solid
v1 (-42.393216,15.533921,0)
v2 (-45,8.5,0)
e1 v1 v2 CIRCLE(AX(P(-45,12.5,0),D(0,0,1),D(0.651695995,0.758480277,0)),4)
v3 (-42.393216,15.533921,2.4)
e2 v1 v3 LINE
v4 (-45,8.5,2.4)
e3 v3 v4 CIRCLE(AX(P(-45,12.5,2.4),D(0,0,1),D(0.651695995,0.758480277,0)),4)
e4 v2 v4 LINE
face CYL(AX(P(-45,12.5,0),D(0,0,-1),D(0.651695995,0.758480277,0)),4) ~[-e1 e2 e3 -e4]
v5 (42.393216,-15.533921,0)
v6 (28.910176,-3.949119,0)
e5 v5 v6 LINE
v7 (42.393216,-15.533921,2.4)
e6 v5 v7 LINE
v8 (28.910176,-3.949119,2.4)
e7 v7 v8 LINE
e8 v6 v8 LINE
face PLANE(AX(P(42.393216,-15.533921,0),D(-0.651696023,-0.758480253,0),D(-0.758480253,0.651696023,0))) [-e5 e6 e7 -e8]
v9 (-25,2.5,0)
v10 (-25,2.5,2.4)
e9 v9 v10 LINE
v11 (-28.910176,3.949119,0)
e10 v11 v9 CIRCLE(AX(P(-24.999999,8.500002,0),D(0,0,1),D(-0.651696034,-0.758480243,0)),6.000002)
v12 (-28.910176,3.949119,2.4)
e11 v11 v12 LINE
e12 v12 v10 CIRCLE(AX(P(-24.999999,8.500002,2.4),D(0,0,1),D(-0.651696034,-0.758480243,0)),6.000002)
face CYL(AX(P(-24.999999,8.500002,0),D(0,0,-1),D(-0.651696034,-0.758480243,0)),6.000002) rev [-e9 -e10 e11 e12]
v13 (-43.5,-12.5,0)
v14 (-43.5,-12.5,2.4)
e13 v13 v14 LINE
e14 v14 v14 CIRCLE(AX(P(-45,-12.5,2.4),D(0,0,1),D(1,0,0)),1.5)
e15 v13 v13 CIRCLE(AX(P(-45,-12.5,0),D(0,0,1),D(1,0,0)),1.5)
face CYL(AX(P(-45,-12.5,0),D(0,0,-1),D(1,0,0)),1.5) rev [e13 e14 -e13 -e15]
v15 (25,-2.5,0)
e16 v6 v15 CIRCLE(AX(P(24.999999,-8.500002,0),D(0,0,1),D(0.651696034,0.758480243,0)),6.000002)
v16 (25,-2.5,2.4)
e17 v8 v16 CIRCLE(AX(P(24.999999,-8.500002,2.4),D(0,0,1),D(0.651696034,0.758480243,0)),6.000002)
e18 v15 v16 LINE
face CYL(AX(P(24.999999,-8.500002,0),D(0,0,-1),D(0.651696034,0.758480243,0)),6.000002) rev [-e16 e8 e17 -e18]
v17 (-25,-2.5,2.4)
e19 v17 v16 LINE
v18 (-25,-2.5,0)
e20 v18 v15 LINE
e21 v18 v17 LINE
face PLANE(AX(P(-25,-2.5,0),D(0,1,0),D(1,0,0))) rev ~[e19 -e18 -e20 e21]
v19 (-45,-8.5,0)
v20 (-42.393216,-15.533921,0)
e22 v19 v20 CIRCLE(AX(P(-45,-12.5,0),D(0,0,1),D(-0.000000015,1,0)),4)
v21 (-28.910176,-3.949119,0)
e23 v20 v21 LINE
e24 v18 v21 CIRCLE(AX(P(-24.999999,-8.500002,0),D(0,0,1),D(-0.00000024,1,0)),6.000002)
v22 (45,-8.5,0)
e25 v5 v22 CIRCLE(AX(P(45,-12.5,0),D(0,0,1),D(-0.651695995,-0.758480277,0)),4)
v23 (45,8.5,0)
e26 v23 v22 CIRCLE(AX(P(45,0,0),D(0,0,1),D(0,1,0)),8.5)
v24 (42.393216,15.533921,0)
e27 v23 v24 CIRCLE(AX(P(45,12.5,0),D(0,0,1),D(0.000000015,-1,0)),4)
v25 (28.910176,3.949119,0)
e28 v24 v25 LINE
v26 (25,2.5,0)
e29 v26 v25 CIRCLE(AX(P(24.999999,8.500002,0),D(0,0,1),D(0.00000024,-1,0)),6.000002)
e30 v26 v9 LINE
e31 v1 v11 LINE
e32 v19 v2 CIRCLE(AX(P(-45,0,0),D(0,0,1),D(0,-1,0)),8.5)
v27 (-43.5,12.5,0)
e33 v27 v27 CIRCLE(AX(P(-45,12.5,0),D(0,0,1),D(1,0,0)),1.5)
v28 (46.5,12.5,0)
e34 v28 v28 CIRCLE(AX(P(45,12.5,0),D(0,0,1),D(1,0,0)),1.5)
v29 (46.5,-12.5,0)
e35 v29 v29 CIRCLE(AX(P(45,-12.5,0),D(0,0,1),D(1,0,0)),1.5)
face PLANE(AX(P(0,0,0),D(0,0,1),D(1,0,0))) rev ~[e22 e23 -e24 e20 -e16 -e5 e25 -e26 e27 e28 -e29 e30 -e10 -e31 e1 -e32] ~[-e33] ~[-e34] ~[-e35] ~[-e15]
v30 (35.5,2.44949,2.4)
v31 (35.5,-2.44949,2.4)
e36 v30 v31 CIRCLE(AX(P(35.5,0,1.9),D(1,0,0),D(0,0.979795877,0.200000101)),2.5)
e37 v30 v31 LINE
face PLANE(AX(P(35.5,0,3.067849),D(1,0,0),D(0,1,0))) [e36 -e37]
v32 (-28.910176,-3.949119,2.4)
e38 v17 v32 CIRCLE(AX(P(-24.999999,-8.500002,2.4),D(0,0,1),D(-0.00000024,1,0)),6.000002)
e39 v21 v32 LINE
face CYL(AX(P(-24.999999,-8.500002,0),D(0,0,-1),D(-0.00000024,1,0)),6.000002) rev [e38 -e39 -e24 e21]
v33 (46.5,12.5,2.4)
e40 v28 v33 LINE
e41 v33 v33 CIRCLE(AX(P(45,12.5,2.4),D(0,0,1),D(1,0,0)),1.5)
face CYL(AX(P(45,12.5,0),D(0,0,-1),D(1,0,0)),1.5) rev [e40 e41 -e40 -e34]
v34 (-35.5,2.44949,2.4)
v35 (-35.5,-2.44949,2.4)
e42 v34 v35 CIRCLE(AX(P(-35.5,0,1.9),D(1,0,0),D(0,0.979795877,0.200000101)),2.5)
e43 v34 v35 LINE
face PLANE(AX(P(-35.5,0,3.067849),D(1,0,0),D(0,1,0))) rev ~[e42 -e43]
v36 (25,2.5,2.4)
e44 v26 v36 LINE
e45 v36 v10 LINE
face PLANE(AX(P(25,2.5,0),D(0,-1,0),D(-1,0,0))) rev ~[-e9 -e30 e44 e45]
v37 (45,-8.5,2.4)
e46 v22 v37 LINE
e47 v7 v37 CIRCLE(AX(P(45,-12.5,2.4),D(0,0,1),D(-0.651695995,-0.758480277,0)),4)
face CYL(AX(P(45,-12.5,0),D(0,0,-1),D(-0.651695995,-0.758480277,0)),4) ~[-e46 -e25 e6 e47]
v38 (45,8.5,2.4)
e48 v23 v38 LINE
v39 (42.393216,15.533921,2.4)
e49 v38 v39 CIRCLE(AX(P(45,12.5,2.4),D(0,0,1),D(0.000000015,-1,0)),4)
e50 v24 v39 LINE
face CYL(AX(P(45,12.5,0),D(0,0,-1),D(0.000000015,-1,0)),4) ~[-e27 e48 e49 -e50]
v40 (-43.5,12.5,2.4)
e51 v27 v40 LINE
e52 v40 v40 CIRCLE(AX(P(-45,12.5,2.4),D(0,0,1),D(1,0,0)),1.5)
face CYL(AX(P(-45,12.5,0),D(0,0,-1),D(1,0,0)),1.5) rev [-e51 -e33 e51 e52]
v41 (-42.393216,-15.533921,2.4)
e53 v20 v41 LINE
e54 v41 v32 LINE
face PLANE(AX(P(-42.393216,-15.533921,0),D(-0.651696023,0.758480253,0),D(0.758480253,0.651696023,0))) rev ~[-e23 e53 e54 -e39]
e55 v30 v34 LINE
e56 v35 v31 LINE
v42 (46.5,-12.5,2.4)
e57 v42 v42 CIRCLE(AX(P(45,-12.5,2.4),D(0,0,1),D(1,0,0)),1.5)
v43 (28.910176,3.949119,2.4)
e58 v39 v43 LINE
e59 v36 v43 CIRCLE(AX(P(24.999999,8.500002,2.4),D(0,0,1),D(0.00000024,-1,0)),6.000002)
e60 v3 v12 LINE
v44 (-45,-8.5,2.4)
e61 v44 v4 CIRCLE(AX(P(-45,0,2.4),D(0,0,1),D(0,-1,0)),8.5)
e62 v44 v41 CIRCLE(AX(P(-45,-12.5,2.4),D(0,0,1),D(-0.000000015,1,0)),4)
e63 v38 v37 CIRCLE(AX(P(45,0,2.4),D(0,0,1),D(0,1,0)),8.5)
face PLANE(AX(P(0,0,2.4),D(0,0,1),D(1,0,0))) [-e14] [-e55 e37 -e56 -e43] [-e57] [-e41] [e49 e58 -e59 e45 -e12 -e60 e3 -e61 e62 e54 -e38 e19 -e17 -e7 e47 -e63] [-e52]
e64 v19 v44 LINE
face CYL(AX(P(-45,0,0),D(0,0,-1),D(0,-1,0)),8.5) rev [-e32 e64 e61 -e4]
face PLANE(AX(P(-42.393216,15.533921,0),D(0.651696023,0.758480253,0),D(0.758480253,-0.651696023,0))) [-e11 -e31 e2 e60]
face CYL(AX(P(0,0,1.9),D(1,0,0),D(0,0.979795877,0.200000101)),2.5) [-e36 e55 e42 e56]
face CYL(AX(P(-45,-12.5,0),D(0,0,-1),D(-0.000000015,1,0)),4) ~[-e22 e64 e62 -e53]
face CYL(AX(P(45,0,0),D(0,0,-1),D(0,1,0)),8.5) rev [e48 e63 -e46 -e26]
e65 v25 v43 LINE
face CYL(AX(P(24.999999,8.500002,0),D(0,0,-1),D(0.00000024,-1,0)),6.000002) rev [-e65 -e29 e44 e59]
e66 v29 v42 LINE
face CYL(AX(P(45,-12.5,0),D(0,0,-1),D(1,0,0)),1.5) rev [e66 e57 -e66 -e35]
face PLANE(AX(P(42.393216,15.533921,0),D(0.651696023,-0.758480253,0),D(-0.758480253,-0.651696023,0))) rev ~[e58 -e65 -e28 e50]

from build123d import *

# Parameters (mm, degrees)
SKETCH003_R  = 1.5
PAD001_DEPTH = 2.4
PAD002_DEPTH = 35.5


with BuildPart() as part:
    # Sketch003 → Pad001 (new body)
    with BuildSketch(Plane.XY):
        with BuildLine():
            ThreePointArc((42.393216, -15.533921), (48.750712, -13.890021), (45, -8.5))
            ThreePointArc((45, 8.5), (36.5, 0), (45, -8.5))
            ThreePointArc((45, 8.5), (48.750712, 13.890021), (42.393216, 15.533921))
            Line((42.393216, 15.533921), (28.910176, 3.949119))
            ThreePointArc((25, 2.5), (27.085031, 2.873932), (28.910176, 3.949119))
            Line((25, 2.5), (-25, 2.5))
            ThreePointArc((-28.910176, 3.949119), (-27.085031, 2.873932), (-25, 2.5))
            Line((-42.393216, 15.533921), (-28.910176, 3.949119))
            ThreePointArc((-42.393216, 15.533921), (-48.750712, 13.890021), (-45, 8.5))
            ThreePointArc((-45, -8.5), (-36.5, 0), (-45, 8.5))
            ThreePointArc((-45, -8.5), (-48.750712, -13.890021), (-42.393216, -15.533921))
            Line((-42.393216, -15.533921), (-28.910176, -3.949119))
            ThreePointArc((-25, -2.5), (-27.085031, -2.873932), (-28.910176, -3.949119))
            Line((-25, -2.5), (25, -2.5))
            ThreePointArc((28.910176, -3.949119), (27.085031, -2.873932), (25, -2.5))
            Line((42.393216, -15.533921), (28.910176, -3.949119))
        make_face()
        with Locations((-45, 12.5)):
            Circle(SKETCH003_R, mode=Mode.SUBTRACT)
        with Locations((-45, -12.5)):
            Circle(SKETCH003_R, mode=Mode.SUBTRACT)
        with Locations((45, 12.5)):
            Circle(SKETCH003_R, mode=Mode.SUBTRACT)
        with Locations((45, -12.5)):
            Circle(SKETCH003_R, mode=Mode.SUBTRACT)
    extrude(amount=PAD001_DEPTH)

    # Sketch004 → Pad002 (join, symmetric)
    with BuildSketch(Plane.YZ):
        with BuildLine():
            ThreePointArc((2.44949, 2.4), (0, 4.4), (-2.44949, 2.4))
            Line((2.44949, 2.4), (-2.44949, 2.4))
        make_face()
    extrude(amount=PAD002_DEPTH, both=True)


solid = part.part
